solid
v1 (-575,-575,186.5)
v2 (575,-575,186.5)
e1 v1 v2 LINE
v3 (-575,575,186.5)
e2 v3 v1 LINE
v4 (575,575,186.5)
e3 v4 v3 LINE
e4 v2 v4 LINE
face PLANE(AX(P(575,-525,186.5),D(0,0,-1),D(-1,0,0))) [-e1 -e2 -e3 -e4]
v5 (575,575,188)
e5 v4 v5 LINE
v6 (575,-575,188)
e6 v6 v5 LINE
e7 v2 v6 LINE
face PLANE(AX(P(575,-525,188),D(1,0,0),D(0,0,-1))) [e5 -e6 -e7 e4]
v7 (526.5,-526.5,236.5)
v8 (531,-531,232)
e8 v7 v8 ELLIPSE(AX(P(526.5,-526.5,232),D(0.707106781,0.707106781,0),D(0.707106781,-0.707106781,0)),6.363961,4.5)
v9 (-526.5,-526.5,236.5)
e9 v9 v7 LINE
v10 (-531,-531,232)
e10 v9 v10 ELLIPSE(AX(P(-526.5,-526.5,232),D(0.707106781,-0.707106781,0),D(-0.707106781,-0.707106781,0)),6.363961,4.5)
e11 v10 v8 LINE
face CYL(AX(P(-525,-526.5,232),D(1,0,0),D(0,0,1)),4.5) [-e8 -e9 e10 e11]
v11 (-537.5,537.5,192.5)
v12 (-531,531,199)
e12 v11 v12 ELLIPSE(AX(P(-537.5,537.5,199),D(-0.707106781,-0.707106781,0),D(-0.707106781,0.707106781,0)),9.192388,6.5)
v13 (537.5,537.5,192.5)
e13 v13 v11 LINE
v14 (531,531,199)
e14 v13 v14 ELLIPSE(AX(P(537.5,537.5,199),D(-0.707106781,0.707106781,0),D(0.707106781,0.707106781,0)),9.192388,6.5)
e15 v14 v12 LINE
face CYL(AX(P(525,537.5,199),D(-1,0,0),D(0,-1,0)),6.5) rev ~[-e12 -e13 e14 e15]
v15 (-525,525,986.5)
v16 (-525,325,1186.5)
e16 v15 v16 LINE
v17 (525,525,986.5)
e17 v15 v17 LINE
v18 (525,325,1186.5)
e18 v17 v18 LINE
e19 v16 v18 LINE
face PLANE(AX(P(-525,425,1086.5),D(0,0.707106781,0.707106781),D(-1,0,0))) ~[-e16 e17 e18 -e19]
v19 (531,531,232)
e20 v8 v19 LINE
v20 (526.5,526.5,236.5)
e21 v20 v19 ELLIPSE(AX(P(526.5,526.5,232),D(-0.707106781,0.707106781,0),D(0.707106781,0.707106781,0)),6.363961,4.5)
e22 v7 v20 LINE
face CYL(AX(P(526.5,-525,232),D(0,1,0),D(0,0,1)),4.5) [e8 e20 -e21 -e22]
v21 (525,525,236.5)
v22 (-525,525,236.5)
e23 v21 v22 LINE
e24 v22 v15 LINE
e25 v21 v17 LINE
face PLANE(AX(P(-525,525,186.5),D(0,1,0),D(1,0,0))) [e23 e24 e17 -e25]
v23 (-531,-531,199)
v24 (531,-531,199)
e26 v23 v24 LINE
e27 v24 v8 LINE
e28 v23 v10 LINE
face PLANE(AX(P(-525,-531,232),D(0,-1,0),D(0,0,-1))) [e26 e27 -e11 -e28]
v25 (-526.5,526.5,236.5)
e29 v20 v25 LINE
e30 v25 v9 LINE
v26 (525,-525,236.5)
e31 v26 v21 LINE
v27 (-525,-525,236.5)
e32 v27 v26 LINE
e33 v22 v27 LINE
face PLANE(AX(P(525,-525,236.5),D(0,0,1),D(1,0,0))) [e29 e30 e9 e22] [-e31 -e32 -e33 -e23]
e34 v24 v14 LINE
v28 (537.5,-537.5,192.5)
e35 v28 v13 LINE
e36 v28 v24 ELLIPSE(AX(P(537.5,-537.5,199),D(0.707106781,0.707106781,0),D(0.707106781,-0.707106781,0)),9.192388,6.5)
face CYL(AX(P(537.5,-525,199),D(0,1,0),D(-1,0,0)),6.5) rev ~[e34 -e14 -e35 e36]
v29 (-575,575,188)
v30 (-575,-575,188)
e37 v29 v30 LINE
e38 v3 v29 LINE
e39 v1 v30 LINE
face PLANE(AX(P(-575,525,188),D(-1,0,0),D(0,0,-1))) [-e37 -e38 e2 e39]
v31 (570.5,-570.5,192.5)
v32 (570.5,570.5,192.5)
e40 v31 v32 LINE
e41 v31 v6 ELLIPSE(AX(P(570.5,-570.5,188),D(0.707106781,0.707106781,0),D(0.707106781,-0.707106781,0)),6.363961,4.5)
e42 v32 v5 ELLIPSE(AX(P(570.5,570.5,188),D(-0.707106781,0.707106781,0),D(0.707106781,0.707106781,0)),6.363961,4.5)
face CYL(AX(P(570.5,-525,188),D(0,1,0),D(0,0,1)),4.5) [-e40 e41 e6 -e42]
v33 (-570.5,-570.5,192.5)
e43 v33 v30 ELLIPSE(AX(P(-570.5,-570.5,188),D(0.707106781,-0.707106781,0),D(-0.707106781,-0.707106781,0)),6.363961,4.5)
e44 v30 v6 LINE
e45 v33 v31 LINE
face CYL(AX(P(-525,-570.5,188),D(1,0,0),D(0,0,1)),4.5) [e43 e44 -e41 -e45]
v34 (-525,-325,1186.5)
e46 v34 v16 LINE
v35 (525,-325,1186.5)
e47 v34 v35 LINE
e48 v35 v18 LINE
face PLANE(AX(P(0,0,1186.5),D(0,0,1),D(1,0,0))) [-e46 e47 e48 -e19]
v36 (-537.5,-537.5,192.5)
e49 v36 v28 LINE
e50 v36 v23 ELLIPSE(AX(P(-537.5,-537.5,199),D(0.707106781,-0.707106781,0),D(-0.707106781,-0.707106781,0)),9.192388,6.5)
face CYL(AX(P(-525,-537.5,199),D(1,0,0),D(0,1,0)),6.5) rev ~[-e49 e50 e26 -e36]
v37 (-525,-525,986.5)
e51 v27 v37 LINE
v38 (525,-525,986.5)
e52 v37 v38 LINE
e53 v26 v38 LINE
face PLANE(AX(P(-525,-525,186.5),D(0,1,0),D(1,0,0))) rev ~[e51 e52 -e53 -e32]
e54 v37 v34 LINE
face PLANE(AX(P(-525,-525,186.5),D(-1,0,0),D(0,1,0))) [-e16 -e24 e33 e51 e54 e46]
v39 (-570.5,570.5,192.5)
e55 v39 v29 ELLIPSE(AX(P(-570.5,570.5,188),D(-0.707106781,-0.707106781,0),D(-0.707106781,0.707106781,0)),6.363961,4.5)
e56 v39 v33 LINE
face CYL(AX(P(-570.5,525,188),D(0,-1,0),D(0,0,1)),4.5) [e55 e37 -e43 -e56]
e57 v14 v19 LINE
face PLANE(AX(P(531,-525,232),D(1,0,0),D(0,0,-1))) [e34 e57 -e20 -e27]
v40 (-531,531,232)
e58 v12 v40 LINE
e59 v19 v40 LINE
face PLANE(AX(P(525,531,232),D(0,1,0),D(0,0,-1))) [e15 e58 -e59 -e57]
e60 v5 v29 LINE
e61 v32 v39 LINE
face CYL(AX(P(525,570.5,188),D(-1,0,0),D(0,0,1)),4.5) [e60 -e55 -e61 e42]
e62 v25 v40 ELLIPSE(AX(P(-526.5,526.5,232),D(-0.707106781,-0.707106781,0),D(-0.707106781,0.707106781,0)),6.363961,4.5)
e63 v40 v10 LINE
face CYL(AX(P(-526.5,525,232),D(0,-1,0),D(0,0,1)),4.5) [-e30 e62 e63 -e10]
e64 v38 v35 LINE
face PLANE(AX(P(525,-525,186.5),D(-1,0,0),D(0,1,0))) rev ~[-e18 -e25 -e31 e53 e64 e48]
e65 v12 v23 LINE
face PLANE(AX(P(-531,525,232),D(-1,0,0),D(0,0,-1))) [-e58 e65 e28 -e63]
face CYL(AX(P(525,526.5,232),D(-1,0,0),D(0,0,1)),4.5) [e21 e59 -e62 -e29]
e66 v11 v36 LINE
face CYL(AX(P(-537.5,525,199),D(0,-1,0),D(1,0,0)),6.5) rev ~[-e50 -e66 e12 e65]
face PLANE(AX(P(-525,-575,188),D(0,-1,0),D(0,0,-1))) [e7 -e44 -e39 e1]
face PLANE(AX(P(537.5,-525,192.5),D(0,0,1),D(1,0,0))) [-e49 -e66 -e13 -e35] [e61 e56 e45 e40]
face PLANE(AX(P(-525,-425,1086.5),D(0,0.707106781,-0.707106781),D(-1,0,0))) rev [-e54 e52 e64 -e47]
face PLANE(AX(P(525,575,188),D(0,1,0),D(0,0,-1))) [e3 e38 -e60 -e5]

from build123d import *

# Parameters (mm, degrees)
SKETCH_W     = 1050
SKETCH_H     = 1050
PAD_DEPTH    = 1000
CHAMFER_SIZE = 200


with BuildPart() as chamfer_body:
    # Sketch → Pad (new body)
    with BuildSketch(Plane.XY):
        Rectangle(SKETCH_W, SKETCH_H)
    extrude(amount=PAD_DEPTH)

    # Chamfer
    chamfer_edges = [chamfer_body.edges().sort_by_distance(p)[0] for p in [
        (0, 525, 1000),
        (0, -525, 1000),
    ]]
    chamfer(chamfer_edges, length=CHAMFER_SIZE)


with BuildPart() as fusion:
    # Sweep: sweep along a path in Sketch001
    with BuildLine(Plane.XY) as sweep_path:
        Line((525, -525), (525, 525))
        Line((525, 525), (-525, 525))
        Line((-525, 525), (-525, -525))
        Line((-525, -525), (525, -525))
    # AngleSteel → Sweep (sweep)
    with BuildSketch(Plane(origin=(539.3963419701, 0, 14.3963419701), x_dir=(1, 0, 0), z_dir=(0, 1, 0))):
        with BuildLine():
            Line((-14.3963419701, 14.3963419701), (-14.3963419701, -35.6036580299))
            Line((-14.3963419701, -35.6036580299), (-12.8963419701, -35.6036580299))
            ThreePointArc((-12.8963419701, -35.6036580299), (-9.7143614548, -34.2856385452), (-8.3963419701, -31.1036580299))
            Line((-8.3963419701, -31.1036580299), (-8.3963419701, 1.8963419701))
            ThreePointArc((-8.3963419701, 1.8963419701), (-6.4925360478, 6.4925360478), (-1.8963419701, 8.3963419701))
            Line((-1.8963419701, 8.3963419701), (31.1036580299, 8.3963419701))
            ThreePointArc((31.1036580299, 8.3963419701), (34.2856385452, 9.7143614548), (35.6036580299, 12.8963419701))
            Line((35.6036580299, 12.8963419701), (35.6036580299, 14.3963419701))
            Line((35.6036580299, 14.3963419701), (-14.3963419701, 14.3963419701))
        make_face()
    sweep(path=sweep_path.line, is_frenet=True, transition=Transition.RIGHT)

    # Fusion: union Chamfer body
    add(chamfer_body.part)


with BuildPart() as fusion_1:
    # Fusion placement: moved
    add(fusion.part.moved(Location((0, 0, 186.5))))


solid = fusion_1.part
